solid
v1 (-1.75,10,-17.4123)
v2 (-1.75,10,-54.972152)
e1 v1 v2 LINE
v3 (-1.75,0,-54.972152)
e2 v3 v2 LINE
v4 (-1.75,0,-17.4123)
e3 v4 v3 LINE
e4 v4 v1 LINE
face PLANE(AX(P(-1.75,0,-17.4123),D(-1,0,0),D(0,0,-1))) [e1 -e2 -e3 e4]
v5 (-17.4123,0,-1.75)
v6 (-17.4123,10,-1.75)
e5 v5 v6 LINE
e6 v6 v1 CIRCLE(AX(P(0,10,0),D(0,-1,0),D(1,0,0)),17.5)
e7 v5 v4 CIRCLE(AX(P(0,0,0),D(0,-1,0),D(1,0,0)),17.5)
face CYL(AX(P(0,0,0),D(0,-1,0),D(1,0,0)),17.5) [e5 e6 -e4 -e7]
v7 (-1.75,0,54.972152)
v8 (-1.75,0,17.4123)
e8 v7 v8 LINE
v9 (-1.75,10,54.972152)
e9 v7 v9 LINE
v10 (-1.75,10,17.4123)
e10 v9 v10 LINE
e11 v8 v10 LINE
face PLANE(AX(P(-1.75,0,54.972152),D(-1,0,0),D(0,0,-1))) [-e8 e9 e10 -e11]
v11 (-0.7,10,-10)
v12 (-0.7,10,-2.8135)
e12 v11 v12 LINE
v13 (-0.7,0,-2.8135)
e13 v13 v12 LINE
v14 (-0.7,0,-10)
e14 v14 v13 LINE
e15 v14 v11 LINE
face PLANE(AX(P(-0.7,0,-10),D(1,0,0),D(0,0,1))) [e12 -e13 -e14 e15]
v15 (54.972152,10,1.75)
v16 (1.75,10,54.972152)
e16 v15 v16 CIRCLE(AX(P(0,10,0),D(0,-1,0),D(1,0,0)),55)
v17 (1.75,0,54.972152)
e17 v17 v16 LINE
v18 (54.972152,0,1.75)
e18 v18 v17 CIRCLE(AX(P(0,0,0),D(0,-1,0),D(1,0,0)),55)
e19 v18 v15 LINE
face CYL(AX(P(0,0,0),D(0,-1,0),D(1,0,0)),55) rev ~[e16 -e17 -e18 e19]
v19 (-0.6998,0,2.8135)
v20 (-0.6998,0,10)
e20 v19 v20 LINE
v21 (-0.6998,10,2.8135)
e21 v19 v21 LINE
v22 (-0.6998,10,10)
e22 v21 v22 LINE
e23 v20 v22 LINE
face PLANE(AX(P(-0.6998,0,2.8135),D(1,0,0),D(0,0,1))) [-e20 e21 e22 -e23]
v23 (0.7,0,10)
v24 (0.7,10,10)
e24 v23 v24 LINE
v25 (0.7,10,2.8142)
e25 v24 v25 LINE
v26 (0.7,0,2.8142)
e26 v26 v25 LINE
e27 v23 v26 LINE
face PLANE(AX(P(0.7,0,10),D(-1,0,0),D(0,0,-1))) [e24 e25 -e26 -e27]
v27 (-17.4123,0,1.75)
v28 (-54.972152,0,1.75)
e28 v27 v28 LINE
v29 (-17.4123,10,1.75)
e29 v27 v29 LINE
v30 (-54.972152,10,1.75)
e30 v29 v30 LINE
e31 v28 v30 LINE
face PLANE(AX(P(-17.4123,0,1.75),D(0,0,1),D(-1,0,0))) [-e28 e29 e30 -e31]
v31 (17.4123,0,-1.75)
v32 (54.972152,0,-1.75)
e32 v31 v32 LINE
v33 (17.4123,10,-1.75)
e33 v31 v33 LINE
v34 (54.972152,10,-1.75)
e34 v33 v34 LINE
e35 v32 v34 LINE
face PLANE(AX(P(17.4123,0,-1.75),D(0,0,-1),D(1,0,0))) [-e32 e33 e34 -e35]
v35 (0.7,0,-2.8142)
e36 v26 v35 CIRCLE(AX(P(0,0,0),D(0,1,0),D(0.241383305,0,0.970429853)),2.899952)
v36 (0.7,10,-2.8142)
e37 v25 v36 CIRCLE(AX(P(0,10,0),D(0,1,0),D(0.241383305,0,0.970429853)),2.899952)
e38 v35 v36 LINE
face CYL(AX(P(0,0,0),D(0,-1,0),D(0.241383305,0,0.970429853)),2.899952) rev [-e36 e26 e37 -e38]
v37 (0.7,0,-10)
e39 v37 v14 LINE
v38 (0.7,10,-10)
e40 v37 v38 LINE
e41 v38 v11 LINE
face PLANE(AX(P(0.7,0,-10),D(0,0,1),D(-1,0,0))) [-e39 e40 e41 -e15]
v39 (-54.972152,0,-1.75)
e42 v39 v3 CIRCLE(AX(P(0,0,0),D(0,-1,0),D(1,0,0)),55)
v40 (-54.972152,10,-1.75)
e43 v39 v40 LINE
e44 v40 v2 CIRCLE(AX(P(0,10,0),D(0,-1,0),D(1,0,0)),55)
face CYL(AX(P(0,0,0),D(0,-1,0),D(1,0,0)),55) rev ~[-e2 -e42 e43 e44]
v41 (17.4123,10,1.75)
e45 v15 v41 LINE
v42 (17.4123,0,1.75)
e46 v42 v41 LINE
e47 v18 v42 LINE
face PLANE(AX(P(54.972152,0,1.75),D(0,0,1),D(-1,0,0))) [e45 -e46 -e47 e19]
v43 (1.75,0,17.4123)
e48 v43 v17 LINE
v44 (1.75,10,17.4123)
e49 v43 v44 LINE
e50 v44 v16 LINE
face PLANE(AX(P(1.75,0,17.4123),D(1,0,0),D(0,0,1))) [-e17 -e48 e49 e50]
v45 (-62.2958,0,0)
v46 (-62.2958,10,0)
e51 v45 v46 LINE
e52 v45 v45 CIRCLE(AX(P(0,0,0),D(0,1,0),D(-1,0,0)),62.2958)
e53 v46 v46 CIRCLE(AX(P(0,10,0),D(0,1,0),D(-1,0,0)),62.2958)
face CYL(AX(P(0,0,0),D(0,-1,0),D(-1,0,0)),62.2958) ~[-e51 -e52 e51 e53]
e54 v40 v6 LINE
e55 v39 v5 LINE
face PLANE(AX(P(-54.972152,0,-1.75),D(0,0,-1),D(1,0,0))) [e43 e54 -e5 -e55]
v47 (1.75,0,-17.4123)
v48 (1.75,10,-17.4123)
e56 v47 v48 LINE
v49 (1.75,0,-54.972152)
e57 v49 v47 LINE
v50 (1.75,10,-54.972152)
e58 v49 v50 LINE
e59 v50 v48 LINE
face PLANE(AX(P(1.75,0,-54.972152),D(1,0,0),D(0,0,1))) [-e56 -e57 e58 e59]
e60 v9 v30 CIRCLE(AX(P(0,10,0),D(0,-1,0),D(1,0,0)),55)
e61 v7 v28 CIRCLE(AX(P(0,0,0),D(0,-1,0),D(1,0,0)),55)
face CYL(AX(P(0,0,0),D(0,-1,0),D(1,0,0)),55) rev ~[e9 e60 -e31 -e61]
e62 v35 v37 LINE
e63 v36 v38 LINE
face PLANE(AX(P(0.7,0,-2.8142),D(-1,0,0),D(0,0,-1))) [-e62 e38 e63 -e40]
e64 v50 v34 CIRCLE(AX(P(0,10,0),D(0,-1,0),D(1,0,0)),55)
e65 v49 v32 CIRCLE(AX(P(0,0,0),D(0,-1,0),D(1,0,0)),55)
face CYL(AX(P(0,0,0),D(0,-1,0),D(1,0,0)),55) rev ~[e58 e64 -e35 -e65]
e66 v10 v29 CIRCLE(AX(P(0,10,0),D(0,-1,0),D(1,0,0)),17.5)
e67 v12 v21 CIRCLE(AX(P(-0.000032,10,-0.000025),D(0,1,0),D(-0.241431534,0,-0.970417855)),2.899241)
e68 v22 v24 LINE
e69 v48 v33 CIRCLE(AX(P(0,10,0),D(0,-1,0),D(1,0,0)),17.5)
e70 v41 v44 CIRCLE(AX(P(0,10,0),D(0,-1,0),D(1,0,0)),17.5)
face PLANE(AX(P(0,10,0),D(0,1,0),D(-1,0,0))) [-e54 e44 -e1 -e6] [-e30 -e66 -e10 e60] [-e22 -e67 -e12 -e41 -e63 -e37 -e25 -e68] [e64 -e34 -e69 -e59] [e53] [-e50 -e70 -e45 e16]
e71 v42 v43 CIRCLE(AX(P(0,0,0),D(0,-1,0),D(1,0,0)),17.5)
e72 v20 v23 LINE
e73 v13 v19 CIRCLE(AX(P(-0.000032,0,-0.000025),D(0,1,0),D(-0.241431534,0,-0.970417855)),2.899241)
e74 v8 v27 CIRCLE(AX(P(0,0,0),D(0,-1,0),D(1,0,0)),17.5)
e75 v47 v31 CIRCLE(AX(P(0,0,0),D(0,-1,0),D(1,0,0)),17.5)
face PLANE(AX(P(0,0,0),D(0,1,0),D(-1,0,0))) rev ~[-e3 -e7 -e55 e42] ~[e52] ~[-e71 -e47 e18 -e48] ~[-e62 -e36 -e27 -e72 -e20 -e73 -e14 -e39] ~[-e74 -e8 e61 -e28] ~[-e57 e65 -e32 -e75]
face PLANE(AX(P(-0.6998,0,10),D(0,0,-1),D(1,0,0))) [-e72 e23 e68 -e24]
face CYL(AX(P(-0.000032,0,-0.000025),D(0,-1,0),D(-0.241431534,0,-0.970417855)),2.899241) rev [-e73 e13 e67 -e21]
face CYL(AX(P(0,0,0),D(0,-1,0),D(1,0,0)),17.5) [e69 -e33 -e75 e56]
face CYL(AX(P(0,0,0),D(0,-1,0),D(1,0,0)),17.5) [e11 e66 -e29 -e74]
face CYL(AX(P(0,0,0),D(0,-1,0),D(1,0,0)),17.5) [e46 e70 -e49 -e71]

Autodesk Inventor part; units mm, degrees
ref_plane "YZ Plane" through (0, 0, 0) normal (1, 0, 0) x (0, 1, 0)
ref_plane "XZ Plane" through (0, 0, 0) normal (0, 1, 0) x (-1, 0, 0)
ref_plane "XY Plane" through (0, 0, 0) normal (0, 0, 1) x (1, 0, 0)
sketch "Sketch1" plane through (0, 0, 0) normal (0, 1, 0) x (-1, 0, 0)
  circle A0 centre (0, 0) radius 62.2958
  line L0 (-0.7, -10) -> (0.7, -10)
  line L1 (0.6998, 10) -> (-0.7, 10)
  line L2 (0.7, -10) -> (0.7, -2.8135)
  line L3 (0.6998, 2.8135) -> (0.6998, 10)
  line L4 (-0.7, 10) -> (-0.7, 2.8142)
  line L5 (-0.7, -2.8142) -> (-0.7, -10)
  arc A1 (-0.7, 2.8142) -> (-0.7, -2.8142) centre (0, 0) ccw
  arc A2 (0.7, -2.8135) -> (0.6998, 2.8135) centre (0, 0) ccw
  dimension "d0" = 124.5916
  dimension "d2" = 1.4
  dimension "d6" = 20
  dimension "d7" = 10
extrude "Extrusion1" add sketch "Sketch1" along normal blind 10
sketch "Sketch4" plane through (0, 0, 0) normal (0, -1, 0) x (1, 0, 0)
  point P0 (0, 0)
sketch "Sketch6" plane through (0, 0, 0) normal (0, -1, 0) x (1, 0, 0)
  circle A0 centre (0, 0) radius 17.5
  line L0 (70.933, -2.5) -> (70.933, 2.5)
  line L1 (-76.7315, 1.75) -> (-76.7315, -1.75)
  arc A1 (-0.6998, 2.8135) -> (-0.7, -2.8135) centre (0, 0) ccw projected
  arc A2 (0.7, -2.8142) -> (0.7, 2.8142) centre (0, 0) ccw projected
  circle A3 centre (0, 0) radius 55
  line L2 (2.5, 115.1017) -> (-2.5, 115.1017)
  line L3 (-2.5, -115.1017) -> (2.5, -115.1017)
  line L4 (0.7, 10) -> (-0.6998, 10) projected
  circle A4 centre (0, 0) radius 62.2958
  line L5 (-76.7315, -1.75) -> (-17.4123, -1.75)
  line L6 (-17.4123, 1.75) -> (-76.7315, 1.75)
  line L7 (-1.4682, 2.5) -> (-1.4697, 2.5)
  line L8 (-1.75, -17.4123) -> (-1.75, -76.7315)
  line L9 (1.75, -76.7315) -> (1.75, -17.4123)
  line L10 (17.4123, -1.75) -> (76.7315, -1.75)
  line L11 (76.7315, 1.75) -> (17.4123, 1.75)
  line L12 (1.75, 17.4123) -> (1.75, 76.7315)
  line L13 (-1.75, 76.7315) -> (-1.75, 17.4123)
  point P0 (-2.8993, 0)
  point P1 (-2.5, 17.3205)
  point P2 (-2.5, -17.3205)
  point P3 (2.5, -17.3205)
  point P4 (17.3205, -2.5)
  point P5 (17.3205, 2.5)
  point P6 (2.5, 17.3205)
  point P7 (-54.9722, 1.75)
  point P8 (-54.9722, -1.75)
  point P9 (54.9722, -1.75)
  point P10 (1.75, -54.9722)
  point P11 (1.75, 54.9722)
  point P12 (54.9722, 1.75)
  point P13 (-1.75, 54.9722)
  point P14 (-1.75, -54.9722)
  dimension "d16" = 35
  dimension "d18" = 110
  dimension "d19" = 5
  dimension "d22" = 1.75
  dimension "d23" = 3.5
  dimension "d26" = 360
extrude "Extrusion2" cut sketch "Sketch6" against normal blind 10 contours A0 L12 A3 L11 | L10 A3 L9 A0 | A0 L6 A3 L13 | L8 A3 L5 A0
properties part number "Pot Disk"
